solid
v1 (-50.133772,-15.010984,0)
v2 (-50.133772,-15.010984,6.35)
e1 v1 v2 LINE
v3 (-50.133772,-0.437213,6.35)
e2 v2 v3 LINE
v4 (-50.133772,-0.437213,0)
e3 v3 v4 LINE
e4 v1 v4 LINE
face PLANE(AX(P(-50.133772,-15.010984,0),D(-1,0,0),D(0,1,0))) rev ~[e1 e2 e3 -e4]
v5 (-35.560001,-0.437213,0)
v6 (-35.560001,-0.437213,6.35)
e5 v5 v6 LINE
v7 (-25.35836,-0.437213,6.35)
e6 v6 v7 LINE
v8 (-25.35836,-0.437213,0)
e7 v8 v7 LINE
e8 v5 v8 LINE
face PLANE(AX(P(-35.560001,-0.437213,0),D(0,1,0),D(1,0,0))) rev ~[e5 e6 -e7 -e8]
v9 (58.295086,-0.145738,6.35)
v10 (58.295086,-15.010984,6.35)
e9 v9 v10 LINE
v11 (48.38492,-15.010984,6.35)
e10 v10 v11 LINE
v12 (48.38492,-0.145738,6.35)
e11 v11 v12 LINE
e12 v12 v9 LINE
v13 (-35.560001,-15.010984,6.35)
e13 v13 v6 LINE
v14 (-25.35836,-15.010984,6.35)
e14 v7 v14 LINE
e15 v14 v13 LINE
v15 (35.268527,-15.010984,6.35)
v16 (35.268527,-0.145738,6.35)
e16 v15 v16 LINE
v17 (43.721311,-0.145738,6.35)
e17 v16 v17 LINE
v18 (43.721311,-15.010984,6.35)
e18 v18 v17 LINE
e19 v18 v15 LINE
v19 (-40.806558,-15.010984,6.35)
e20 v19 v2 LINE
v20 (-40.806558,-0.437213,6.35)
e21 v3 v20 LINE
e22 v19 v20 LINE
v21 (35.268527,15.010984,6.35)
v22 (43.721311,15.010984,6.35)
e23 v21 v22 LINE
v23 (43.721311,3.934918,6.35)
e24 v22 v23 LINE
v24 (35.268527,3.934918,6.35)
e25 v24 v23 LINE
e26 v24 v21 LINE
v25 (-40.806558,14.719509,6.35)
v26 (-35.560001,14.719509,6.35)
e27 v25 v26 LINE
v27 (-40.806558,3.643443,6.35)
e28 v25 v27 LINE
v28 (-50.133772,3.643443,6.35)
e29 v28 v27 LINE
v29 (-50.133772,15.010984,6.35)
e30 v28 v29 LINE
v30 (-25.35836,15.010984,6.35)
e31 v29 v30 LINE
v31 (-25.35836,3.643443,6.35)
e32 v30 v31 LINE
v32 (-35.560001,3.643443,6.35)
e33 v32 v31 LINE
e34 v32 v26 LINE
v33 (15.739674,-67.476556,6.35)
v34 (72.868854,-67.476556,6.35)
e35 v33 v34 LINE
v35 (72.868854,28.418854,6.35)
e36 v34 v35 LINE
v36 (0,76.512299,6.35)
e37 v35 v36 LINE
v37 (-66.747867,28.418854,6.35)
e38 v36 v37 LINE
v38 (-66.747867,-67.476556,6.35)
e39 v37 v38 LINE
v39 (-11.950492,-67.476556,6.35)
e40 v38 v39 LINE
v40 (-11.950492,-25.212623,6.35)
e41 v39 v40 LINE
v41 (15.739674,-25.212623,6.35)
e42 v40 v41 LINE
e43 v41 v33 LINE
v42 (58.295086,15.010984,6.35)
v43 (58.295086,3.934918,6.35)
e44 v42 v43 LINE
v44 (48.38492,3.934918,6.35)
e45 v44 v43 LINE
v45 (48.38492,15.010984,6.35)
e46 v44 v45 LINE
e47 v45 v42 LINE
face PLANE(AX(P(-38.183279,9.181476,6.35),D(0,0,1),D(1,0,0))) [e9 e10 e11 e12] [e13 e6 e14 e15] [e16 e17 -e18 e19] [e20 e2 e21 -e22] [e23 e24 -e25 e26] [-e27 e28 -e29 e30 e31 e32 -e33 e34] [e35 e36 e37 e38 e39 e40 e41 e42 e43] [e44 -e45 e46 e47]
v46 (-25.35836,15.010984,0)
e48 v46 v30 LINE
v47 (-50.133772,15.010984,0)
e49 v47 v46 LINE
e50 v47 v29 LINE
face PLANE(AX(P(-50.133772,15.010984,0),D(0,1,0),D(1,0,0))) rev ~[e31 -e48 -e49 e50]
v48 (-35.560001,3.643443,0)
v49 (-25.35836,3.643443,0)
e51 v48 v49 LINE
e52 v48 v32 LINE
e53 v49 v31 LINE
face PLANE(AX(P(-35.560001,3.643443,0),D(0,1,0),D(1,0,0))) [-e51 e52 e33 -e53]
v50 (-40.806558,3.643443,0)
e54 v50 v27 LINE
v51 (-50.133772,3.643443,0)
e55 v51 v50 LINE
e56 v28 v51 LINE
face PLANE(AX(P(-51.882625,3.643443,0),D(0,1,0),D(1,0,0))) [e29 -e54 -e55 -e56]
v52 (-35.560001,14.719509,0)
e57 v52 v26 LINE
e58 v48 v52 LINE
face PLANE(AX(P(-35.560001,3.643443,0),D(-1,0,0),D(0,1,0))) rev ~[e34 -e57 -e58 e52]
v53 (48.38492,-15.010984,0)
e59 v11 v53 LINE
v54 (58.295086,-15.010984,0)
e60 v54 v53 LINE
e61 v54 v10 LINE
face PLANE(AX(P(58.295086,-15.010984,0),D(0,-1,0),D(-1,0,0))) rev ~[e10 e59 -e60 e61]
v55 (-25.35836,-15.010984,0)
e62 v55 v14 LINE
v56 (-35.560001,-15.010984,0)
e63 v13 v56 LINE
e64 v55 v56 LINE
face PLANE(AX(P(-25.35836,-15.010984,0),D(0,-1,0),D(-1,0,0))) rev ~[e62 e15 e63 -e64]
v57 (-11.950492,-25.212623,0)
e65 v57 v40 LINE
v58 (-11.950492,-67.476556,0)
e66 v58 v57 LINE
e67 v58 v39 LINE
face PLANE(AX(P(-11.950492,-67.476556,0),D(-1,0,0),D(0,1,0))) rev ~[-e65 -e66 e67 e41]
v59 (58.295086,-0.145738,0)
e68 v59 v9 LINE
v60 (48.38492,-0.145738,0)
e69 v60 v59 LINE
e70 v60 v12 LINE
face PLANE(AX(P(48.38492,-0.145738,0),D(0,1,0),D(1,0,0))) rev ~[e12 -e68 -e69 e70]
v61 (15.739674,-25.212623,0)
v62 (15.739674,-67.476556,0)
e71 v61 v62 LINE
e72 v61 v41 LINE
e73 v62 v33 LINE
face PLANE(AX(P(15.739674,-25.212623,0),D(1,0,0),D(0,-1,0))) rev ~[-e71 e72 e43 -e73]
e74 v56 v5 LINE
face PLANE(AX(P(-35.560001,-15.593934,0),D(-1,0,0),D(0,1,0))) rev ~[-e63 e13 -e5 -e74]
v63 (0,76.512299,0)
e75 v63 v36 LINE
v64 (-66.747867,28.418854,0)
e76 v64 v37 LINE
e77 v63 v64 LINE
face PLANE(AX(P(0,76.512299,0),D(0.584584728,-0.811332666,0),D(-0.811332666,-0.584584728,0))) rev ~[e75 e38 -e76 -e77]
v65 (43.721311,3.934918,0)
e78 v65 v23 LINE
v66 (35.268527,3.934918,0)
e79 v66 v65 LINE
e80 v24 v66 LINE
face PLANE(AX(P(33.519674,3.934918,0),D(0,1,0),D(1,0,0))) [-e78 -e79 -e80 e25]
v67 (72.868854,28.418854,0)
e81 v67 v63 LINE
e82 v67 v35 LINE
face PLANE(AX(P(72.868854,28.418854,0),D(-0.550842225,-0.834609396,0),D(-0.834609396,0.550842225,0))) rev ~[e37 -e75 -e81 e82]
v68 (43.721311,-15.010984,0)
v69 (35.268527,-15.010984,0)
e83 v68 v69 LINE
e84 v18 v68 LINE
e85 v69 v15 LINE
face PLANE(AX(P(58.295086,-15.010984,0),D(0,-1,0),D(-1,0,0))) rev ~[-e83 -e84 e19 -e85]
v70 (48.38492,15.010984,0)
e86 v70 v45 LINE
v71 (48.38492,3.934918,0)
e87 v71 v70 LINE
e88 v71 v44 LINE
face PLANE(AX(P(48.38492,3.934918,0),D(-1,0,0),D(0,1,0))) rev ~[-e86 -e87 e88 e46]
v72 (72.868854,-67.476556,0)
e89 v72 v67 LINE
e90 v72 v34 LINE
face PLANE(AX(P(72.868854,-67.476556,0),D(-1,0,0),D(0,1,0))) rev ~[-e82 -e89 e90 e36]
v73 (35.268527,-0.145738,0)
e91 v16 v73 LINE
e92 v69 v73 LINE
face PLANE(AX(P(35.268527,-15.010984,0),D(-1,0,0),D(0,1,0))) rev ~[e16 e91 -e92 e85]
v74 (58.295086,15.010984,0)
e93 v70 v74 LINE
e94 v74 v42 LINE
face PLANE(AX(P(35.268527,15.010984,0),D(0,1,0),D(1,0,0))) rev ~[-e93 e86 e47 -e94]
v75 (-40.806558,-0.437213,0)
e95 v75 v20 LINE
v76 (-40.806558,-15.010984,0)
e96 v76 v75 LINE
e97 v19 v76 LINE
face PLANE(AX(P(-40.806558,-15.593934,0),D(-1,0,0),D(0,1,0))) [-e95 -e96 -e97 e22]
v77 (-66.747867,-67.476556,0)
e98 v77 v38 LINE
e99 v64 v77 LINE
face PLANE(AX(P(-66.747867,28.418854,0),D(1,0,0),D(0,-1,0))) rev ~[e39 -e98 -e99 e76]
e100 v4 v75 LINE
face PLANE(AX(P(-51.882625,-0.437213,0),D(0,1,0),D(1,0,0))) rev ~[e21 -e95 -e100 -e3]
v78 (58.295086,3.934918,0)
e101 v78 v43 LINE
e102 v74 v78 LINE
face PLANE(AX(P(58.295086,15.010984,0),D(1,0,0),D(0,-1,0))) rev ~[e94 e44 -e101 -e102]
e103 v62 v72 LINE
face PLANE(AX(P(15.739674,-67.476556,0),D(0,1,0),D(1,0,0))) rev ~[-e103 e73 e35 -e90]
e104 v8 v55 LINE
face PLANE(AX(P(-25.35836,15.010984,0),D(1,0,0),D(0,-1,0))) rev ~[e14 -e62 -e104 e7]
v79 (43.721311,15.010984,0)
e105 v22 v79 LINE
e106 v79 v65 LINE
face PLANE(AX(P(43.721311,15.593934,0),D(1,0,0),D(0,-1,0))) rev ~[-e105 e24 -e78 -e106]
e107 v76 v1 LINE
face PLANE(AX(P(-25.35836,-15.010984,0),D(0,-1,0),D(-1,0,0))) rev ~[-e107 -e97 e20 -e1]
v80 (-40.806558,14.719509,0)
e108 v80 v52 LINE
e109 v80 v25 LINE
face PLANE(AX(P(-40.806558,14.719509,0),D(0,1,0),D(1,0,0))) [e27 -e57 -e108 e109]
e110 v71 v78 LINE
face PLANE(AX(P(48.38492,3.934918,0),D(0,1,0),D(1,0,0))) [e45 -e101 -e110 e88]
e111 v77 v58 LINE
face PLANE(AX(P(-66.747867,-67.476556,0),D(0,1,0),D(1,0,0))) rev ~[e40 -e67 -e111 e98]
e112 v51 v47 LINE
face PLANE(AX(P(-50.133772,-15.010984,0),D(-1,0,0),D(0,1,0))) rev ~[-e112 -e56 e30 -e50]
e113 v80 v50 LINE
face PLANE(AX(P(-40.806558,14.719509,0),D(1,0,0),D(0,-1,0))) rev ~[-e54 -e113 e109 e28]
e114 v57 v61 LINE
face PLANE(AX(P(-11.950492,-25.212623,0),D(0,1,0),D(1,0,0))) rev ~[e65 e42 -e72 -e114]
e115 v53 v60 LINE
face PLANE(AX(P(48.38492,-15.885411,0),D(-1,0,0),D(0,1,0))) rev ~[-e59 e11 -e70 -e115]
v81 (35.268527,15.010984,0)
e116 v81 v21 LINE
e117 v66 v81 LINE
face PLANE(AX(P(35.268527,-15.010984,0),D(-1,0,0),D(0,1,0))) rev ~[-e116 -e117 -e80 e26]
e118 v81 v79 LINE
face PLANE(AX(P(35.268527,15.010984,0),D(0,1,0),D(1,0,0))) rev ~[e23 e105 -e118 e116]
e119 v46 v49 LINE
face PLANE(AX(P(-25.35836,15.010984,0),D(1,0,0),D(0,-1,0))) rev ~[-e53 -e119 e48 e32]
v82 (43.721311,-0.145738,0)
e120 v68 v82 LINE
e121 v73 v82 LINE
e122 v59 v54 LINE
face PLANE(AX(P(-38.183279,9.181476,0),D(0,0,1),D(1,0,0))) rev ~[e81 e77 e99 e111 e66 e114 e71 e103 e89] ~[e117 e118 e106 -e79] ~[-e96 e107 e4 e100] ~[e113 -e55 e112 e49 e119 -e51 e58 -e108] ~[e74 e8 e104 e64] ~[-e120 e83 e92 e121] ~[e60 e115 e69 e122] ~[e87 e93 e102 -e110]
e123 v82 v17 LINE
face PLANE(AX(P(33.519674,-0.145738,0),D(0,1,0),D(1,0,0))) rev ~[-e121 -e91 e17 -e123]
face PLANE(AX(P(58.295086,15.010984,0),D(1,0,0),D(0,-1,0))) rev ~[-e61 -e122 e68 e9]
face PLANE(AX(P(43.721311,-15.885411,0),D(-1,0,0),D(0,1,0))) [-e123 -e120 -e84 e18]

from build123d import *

# Parameters (mm, degrees)
F1_DEPTH = 6.35
F2_W     = 4.6636089683
F2_H     = 11.6590159014
F2_H_2   = 4.0806564502
F2_W_2   = 10.2016367018
F2_W_3   = 10.7845924795
F2_H_3   = 15.7396723516
F3_DEPTH = 6.35
F4_W     = 5.2465572953
F4_H     = 11.0760659445
F4_H_2   = 4.0806552861
F4_W_2   = 11.076066643
F4_W_3   = 10.4931145906
F4_H_3   = 15.1567212306
F5_DEPTH = 6.35


with BuildPart() as f1:
    # F0 (on Top) → F1 (new body)
    with BuildSketch(Plane.XY):
        Polygon((72.8688538074, 28.418853879), (-66.7478665709, 28.418853879), (-66.7478665709, -67.4765557051), (-11.9504919276, -67.4765557051), (-11.9504919276, -25.212623179), (15.7396737486, -25.212623179), (15.7396737486, -67.4765557051), (72.8688538074, -67.4765557051), align=None)
        Polygon((-50.1337721944, 0), (-50.1337721944, 15.0109836832), (-37.7460662276, 15.0109836832), (-25.3583602607, 15.0109836832), (-25.3583602607, 0), (-25.3583602607, -15.0109836832), (-37.7460662276, -15.0109836832), (-50.1337721944, -15.0109836832), align=None, mode=Mode.SUBTRACT)
        Polygon((35.2685265243, 0), (35.2685265243, 15.0109836832), (46.7818062752, 15.0109836832), (58.2950860262, 15.0109836832), (58.2950860262, 0), (58.2950860262, -15.0109836832), (46.7818062752, -15.0109836832), (35.2685265243, -15.0109836832), align=None, mode=Mode.SUBTRACT)
        Polygon((0, 76.5122994781), (-66.7478665709, 28.418853879), (72.8688538074, 28.418853879), align=None)
    extrude(amount=F1_DEPTH)

    # F2 (on Top) → F3 (join)
    with BuildSketch(Plane.XY):
        with Locations((46.0531152785, 9.7644259222)):
            Rectangle(F2_W, F2_H)
        with Locations((46.0531152785, 1.8945897464)):
            Rectangle(F2_W, F2_H_2)
        with Locations((38.6204924434, 1.8945897464)):
            Rectangle(F2_W_2, F2_H_2)
        with Locations((53.7772160023, 1.8945897464)):
            Rectangle(F2_W_3, F2_H_2)
        with Locations((46.0531152785, -8.0155746546)):
            Rectangle(F2_W, F2_H_3)
    extrude(amount=F3_DEPTH)

    # F4 (on Top) → F5 (join)
    with BuildSketch(Plane.XY):
        with Locations((-38.1832793355, 9.1814756161)):
            Rectangle(F4_W, F4_H)
        with Locations((-38.1832793355, 1.6031150008)):
            Rectangle(F4_W, F4_H_2)
        with Locations((-46.3445913047, 1.6031150008)):
            Rectangle(F4_W_2, F4_H_2)
        with Locations((-30.3134433925, 1.6031150008)):
            Rectangle(F4_W_3, F4_H_2)
        with Locations((-38.1832793355, -8.0155732576)):
            Rectangle(F4_W, F4_H_3)
    extrude(amount=F5_DEPTH)


solid = f1.part
